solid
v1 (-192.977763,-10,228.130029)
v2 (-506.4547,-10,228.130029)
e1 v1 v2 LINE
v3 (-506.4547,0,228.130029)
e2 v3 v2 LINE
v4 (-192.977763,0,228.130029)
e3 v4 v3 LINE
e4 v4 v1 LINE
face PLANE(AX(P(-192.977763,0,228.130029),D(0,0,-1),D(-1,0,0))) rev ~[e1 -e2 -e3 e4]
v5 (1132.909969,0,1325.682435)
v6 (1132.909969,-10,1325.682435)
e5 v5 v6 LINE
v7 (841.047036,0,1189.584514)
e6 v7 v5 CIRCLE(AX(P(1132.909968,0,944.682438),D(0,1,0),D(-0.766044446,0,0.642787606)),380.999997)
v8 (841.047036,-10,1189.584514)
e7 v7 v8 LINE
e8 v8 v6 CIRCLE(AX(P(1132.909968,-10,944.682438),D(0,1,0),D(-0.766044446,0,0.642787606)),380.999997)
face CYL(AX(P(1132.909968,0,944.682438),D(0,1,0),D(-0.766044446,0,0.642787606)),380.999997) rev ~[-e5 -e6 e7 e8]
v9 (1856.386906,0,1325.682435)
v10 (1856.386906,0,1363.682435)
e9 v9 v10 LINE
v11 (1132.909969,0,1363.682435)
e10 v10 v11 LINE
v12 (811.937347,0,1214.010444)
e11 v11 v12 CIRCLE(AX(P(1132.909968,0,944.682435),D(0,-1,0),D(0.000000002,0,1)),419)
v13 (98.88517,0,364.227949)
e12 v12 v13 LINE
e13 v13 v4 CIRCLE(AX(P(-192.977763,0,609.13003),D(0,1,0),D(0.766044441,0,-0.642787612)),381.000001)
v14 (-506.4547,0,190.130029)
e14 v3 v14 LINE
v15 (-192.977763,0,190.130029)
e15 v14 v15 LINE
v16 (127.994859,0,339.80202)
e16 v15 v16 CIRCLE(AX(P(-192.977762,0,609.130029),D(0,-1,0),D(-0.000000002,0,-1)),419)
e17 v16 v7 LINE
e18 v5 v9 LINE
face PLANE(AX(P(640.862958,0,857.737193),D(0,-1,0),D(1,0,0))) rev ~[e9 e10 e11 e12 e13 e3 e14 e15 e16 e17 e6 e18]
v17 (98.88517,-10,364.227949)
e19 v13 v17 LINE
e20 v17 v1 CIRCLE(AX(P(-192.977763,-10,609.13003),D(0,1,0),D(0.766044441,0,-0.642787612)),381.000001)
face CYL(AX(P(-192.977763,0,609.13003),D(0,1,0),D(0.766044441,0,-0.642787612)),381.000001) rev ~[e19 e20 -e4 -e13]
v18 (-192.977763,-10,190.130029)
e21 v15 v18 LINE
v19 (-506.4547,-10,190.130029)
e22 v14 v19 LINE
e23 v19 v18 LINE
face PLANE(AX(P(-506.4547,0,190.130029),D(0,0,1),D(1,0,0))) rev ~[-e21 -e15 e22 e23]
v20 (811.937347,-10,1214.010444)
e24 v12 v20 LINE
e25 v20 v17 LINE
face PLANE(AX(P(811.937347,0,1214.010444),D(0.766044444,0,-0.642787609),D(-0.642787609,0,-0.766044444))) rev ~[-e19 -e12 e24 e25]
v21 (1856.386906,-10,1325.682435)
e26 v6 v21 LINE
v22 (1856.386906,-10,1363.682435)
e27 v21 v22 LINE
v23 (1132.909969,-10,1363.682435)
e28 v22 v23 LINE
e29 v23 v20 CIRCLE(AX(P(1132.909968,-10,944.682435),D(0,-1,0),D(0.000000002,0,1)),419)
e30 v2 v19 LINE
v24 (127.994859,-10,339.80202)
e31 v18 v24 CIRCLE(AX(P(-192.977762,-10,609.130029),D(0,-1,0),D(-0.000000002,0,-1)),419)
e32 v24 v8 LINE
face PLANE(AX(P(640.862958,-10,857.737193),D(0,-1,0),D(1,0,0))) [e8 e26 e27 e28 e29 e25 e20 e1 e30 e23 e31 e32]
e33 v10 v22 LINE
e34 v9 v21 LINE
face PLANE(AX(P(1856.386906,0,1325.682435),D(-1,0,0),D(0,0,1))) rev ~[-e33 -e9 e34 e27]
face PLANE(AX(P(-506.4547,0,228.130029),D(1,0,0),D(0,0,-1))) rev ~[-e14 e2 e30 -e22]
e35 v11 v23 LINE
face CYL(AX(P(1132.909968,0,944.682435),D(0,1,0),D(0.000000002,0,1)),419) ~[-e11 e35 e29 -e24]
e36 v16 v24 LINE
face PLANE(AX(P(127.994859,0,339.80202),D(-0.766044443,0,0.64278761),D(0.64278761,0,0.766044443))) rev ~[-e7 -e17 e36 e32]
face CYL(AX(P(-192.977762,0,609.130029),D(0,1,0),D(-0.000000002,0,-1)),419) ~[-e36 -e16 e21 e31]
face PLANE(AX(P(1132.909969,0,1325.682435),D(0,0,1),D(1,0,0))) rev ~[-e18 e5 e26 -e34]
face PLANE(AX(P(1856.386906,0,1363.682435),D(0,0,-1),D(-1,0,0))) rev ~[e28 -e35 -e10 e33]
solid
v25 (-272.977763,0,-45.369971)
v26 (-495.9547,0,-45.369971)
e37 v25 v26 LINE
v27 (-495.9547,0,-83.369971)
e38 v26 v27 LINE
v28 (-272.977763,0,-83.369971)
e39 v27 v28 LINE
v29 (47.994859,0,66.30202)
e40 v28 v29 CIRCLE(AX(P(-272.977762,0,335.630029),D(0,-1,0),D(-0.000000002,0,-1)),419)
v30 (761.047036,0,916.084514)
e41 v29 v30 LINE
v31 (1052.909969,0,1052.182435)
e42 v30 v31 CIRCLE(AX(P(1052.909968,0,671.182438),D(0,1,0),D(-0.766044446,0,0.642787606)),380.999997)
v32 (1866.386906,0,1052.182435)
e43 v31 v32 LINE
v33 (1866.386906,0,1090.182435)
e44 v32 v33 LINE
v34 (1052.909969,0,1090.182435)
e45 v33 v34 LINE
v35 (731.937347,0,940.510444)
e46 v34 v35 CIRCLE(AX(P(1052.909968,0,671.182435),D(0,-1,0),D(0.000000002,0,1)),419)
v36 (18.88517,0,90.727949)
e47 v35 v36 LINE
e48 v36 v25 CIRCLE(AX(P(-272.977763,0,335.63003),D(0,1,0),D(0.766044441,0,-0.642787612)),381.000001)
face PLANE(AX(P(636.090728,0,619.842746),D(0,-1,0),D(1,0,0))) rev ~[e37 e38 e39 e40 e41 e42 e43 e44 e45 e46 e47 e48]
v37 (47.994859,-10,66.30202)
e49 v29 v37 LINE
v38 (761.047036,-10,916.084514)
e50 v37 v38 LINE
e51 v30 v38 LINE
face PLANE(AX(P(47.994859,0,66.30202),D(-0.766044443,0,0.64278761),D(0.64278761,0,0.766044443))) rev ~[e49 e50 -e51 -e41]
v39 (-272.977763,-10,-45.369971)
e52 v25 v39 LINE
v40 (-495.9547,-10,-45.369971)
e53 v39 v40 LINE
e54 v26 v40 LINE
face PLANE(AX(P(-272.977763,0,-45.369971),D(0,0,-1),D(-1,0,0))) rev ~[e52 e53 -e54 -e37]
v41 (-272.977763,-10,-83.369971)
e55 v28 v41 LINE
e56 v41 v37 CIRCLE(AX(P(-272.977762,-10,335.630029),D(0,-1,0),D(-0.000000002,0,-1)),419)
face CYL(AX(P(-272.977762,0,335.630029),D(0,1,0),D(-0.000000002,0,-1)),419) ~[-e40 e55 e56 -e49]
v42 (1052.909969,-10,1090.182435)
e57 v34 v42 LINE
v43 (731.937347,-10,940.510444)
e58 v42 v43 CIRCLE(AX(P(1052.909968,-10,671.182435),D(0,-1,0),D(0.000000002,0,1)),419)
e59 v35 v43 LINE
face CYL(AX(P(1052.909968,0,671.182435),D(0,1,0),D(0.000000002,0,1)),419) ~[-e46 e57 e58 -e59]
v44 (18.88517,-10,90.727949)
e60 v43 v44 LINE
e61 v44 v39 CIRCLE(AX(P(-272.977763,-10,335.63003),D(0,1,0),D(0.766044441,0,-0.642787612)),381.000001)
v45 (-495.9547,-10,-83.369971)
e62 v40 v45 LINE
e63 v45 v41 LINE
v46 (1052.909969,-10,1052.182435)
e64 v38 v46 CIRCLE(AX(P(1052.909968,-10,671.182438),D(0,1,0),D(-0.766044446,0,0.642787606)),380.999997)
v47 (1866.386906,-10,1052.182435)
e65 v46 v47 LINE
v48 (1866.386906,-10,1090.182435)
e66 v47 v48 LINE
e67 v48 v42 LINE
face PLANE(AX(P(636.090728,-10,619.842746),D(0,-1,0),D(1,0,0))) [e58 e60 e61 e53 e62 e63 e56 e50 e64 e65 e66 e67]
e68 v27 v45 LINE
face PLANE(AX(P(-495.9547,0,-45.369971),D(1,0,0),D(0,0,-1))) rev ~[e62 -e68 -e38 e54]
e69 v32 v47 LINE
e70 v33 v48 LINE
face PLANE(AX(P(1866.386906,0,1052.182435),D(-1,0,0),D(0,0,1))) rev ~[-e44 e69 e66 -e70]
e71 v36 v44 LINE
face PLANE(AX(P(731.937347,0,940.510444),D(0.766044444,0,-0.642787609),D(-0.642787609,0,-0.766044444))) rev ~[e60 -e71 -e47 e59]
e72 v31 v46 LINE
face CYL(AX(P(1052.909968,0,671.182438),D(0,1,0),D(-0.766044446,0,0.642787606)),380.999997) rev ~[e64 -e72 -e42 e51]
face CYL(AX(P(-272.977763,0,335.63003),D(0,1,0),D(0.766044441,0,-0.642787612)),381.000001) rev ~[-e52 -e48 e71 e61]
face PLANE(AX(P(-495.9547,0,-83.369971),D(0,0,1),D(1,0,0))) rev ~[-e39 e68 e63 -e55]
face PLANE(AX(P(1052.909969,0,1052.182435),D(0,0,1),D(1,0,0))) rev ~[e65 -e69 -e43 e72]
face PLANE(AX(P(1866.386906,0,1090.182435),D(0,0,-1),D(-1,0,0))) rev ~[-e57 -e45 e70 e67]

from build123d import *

# Parameters (mm, degrees)
F1_DEPTH = 10


with BuildPart() as f1:
    # F0 (on Front) → F1 (new body)
    with BuildSketch(Plane.XZ):
        with BuildLine():
            Line((1052.909969, 1052.182435), (1866.386906, 1052.182435))
            Line((1866.386906, 1052.182435), (1866.386906, 1090.182435))
            Line((1866.386906, 1090.182435), (1052.909969, 1090.182435))
            ThreePointArc((1052.909969, 1090.182435), (875.832917, 1050.925398), (731.937347, 940.510444))
            Line((731.937347, 940.510444), (18.88517, 90.727949))
            ThreePointArc((18.88517, 90.727949), (-111.960205, -9.673238), (-272.977763, -45.369971))
            Line((-272.977763, -45.369971), (-495.9547, -45.369971))
            Line((-495.9547, -45.369971), (-495.9547, -83.369971))
            Line((-495.9547, -83.369971), (-272.977763, -83.369971))
            ThreePointArc((-272.977763, -83.369971), (-95.900711, -44.112934), (47.994859, 66.30202))
            Line((47.994859, 66.30202), (761.047036, 916.084514))
            ThreePointArc((761.047036, 916.084514), (891.892411, 1016.485702), (1052.909969, 1052.182435))
        make_face()
        with BuildLine():
            Line((1132.909969, 1325.682435), (1856.386906, 1325.682435))
            Line((1856.386906, 1325.682435), (1856.386906, 1363.682435))
            Line((1856.386906, 1363.682435), (1132.909969, 1363.682435))
            ThreePointArc((1132.909969, 1363.682435), (955.832917, 1324.425398), (811.937347, 1214.010444))
            Line((811.937347, 1214.010444), (98.88517, 364.227949))
            ThreePointArc((98.88517, 364.227949), (-31.960205, 263.826762), (-192.977763, 228.130029))
            Line((-192.977763, 228.130029), (-506.4547, 228.130029))
            Line((-506.4547, 228.130029), (-506.4547, 190.130029))
            Line((-506.4547, 190.130029), (-192.977763, 190.130029))
            ThreePointArc((-192.977763, 190.130029), (-15.900711, 229.387066), (127.994859, 339.80202))
            Line((127.994859, 339.80202), (841.047036, 1189.584514))
            ThreePointArc((841.047036, 1189.584514), (971.892411, 1289.985702), (1132.909969, 1325.682435))
        make_face()
    extrude(amount=F1_DEPTH)


solid = f1.part
